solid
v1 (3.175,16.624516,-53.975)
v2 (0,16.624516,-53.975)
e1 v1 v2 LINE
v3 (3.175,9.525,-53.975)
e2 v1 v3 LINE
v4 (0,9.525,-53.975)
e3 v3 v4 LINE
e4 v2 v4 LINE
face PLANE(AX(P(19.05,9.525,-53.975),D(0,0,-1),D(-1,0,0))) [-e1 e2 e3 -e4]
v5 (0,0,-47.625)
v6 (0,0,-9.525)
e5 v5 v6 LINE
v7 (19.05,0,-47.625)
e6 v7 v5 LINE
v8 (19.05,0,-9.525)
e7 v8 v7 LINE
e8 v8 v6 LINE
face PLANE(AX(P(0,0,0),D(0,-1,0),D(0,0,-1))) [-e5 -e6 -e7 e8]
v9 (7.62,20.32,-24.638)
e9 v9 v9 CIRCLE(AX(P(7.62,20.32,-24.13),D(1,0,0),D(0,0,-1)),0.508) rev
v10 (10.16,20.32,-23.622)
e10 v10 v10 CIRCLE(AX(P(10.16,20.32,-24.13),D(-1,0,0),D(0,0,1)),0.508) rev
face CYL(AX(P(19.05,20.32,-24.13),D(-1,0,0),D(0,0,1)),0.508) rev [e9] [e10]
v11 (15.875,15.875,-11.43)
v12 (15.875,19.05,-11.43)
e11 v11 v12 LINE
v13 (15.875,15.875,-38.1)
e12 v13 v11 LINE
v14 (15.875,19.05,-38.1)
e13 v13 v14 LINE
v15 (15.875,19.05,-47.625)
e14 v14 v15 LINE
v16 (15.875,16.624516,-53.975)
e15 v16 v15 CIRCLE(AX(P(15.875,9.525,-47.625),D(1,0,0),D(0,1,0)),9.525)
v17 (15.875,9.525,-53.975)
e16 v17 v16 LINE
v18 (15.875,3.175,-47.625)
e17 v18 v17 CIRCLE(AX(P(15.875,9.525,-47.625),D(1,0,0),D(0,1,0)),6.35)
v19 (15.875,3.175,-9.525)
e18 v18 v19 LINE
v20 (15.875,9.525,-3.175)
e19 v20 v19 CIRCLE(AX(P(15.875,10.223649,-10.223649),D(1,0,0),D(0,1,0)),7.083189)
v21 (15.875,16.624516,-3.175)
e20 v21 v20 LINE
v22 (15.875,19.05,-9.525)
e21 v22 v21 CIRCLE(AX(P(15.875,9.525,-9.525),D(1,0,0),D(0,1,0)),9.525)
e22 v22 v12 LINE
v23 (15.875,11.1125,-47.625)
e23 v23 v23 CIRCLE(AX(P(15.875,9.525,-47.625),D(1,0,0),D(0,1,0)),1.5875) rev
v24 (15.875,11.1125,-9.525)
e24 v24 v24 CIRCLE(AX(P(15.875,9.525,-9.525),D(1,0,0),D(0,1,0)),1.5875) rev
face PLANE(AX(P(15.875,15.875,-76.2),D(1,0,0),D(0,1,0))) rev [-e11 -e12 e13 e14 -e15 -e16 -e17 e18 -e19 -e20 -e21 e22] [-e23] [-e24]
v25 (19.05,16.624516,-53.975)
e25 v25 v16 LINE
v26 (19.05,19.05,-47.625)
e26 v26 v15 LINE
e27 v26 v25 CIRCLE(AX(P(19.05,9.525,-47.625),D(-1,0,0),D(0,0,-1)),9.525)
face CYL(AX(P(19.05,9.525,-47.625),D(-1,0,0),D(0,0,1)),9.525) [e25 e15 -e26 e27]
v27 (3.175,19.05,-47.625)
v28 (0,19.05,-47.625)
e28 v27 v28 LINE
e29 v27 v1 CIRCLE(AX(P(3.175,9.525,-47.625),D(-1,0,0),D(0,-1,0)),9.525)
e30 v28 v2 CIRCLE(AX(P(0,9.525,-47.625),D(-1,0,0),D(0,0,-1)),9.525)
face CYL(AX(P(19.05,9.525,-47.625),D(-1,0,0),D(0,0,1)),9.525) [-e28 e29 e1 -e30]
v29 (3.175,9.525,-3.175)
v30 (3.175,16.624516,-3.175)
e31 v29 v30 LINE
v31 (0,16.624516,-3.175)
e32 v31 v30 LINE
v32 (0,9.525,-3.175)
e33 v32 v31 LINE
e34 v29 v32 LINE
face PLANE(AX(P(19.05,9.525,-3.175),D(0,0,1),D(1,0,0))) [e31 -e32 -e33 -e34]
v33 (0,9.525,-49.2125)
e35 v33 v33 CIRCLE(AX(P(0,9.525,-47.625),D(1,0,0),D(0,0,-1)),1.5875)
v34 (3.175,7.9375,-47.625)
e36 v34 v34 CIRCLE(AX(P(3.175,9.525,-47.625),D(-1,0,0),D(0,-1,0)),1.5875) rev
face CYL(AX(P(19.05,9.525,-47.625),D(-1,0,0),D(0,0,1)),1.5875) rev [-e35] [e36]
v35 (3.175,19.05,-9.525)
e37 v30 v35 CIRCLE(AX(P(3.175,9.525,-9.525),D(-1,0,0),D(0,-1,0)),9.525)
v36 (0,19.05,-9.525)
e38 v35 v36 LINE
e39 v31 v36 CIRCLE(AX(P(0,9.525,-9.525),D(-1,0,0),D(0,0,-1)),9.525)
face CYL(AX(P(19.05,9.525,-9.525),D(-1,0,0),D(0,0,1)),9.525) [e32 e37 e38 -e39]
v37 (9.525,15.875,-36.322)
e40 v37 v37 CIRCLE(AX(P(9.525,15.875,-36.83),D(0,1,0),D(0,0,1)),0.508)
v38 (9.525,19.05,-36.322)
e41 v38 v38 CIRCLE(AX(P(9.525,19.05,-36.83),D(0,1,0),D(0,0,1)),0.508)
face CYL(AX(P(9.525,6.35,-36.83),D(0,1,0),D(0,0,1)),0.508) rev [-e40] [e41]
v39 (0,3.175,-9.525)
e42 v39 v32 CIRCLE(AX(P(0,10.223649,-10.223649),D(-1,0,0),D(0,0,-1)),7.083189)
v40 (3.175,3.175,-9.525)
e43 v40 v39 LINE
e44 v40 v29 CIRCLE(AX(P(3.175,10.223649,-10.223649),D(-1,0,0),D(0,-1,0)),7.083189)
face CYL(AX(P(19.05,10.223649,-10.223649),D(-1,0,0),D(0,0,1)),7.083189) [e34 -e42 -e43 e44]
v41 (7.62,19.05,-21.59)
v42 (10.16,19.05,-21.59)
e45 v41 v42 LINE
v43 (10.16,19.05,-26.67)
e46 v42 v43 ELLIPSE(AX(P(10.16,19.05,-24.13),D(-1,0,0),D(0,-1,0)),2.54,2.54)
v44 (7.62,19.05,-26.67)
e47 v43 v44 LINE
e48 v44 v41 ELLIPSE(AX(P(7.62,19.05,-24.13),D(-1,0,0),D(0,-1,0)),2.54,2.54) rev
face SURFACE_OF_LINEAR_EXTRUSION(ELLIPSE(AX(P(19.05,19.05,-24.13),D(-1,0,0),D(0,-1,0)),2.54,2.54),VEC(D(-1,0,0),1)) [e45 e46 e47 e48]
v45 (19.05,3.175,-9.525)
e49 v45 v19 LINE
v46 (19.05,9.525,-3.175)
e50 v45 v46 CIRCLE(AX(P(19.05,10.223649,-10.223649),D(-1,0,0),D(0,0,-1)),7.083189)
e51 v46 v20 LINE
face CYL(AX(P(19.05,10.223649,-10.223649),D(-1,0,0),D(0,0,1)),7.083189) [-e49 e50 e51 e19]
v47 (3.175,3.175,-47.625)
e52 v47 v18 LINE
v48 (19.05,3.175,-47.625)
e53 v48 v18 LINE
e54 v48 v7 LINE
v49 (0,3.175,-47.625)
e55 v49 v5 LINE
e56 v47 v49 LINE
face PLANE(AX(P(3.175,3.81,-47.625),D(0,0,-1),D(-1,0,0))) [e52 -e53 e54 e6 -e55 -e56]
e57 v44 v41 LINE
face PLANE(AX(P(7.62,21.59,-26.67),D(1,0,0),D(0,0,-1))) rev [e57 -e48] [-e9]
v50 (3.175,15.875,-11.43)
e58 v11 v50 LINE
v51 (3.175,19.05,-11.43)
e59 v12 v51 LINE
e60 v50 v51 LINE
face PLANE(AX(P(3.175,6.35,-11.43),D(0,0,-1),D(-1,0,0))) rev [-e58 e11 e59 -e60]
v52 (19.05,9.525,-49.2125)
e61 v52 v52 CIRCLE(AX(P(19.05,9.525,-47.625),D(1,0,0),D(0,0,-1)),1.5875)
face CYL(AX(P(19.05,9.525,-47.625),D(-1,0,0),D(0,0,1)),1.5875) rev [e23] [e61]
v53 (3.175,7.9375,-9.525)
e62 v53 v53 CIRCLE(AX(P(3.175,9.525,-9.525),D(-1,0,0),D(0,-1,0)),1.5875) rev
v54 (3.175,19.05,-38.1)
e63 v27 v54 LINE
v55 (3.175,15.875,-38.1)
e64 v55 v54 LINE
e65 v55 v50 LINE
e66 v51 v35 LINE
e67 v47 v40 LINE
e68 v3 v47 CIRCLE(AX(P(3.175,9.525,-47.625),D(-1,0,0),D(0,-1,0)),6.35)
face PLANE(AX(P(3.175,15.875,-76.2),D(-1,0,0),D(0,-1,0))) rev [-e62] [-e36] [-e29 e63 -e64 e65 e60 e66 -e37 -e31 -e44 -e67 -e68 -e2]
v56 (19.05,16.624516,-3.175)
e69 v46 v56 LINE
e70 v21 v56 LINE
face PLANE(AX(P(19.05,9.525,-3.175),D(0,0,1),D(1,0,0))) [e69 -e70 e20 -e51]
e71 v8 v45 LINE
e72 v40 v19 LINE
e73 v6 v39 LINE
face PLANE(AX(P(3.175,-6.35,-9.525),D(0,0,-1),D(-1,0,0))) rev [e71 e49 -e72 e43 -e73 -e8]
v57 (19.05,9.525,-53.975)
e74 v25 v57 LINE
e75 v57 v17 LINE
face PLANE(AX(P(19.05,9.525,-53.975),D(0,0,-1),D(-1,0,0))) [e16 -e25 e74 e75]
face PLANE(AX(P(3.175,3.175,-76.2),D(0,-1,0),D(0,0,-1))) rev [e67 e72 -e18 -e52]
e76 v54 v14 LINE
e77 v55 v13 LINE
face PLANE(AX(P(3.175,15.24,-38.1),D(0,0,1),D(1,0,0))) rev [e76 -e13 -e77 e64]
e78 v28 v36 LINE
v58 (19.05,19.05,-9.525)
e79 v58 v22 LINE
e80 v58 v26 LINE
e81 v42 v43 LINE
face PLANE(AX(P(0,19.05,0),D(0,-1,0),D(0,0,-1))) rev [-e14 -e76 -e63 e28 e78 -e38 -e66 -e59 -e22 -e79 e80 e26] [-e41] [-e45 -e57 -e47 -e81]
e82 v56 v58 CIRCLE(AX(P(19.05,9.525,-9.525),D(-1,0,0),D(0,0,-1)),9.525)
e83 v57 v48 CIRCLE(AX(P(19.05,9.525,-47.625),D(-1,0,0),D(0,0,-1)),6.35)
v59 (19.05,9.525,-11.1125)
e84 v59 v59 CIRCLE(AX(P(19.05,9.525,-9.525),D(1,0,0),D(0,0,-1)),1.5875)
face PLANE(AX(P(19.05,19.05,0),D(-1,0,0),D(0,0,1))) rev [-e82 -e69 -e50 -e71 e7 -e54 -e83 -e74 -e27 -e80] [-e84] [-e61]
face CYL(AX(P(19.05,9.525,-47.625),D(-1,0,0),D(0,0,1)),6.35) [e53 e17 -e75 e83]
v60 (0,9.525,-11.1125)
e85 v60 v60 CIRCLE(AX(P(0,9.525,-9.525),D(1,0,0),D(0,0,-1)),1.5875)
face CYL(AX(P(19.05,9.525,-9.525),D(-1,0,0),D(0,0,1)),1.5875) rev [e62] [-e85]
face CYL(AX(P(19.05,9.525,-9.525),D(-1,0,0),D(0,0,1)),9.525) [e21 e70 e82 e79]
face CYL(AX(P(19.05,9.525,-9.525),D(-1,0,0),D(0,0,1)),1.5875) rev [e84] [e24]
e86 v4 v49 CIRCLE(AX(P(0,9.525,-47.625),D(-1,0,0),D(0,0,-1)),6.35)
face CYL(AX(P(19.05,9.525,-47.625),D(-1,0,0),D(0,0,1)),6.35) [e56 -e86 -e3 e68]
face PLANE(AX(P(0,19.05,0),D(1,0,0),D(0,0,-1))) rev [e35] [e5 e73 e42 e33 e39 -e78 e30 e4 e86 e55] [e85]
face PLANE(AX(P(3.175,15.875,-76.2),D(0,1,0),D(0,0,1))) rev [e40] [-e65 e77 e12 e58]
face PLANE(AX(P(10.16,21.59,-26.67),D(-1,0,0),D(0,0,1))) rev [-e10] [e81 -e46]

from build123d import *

# Parameters (mm, degrees)
SKETCH1_W           = 19.05
SKETCH1_H           = 57.15
BOSS_EXTRUDE1_DEPTH = 19.05
SKETCH2_W           = 12.7
SKETCH2_H           = 12.7
CUT_EXTRUDE1_DEPTH  = 76.2
SKETCH3_W           = 2.54
SKETCH3_H           = 5.08
BOSS_EXTRUDE2_DEPTH = 2.54
SKETCH4_R           = 0.508
SKETCH4_R_2         = 1.5875
CUT_EXTRUDE2_DEPTH  = 19.05
SKETCH7_R           = 0.508
CUT_EXTRUDE3_DEPTH  = 12.7
SKETCH8_W           = 12.7
SKETCH8_H           = 9.525
CUT_EXTRUDE4_DEPTH  = 25.4
SKETCH11_R          = 1.5875
CUT_EXTRUDE6_DEPTH  = 19.05
SKETCH12_W          = 12.7
SKETCH12_H          = 30.970960978
CUT_EXTRUDE7_DEPTH  = 3.81
SKETCH13_W          = 12.7
SKETCH13_H          = 19.463069007
CUT_EXTRUDE8_DEPTH  = 3.81
CUT_EXTRUDE9_DEPTH  = 19.05


with BuildPart() as part:
    # Sketch1 → Boss-Extrude1 (new body)
    with BuildSketch(Plane(origin=(0, 0, 0), x_dir=(1, 0, 0), z_dir=(0, 1, 0))):
        with Locations((9.525, 28.575)):
            Rectangle(SKETCH1_W, SKETCH1_H)
    extrude(amount=BOSS_EXTRUDE1_DEPTH)

    # Sketch2 → Cut-Extrude1 (cut)
    with BuildSketch(Plane.XY):
        with Locations((9.525, 9.525)):
            Rectangle(SKETCH2_W, SKETCH2_H)
    extrude(amount=-CUT_EXTRUDE1_DEPTH, mode=Mode.SUBTRACT)

    # Sketch3 → Boss-Extrude2 (add)
    with BuildSketch(Plane(origin=(0, 19.05, 0), x_dir=(1, 0, 0), z_dir=(0, 1, 0))):
        with Locations((8.89, 24.13)):
            Rectangle(SKETCH3_W, SKETCH3_H)
    extrude(amount=BOSS_EXTRUDE2_DEPTH)

    # Sketch4 → Cut-Extrude2 (cut)
    with BuildSketch(Plane(origin=(0, 0, 0), x_dir=(0, 0, -1), z_dir=(1, 0, 0))):
        with Locations((24.13, 20.32)):
            Circle(SKETCH4_R)
        with Locations((9.525, 9.525)):
            Circle(SKETCH4_R_2)
        with BuildLine():
            ThreePointArc((26.67, 19.05), (24.13, 24.78976855), (21.59, 19.05))
            add(Edge.make_bspline(
                [(26.67, 19.05), (26.67, 21.59), (24.13, 21.59), (21.59, 21.59), (21.59, 19.05)],
                knots=[3.141592654, 3.141592654, 3.141592654, 4.71238898, 4.71238898, 6.283185307, 6.283185307, 6.283185307], degree=2, weights=[1, 0.707106781, 1, 0.707106781, 1]))
        make_face()
        with BuildLine():
            ThreePointArc((9.525, 19.05), (0, 9.525), (9.525, 0))
            ThreePointArc((9.525, 0), (-29.420443119, 9.525), (9.525, 19.05))
        make_face()
    extrude(amount=CUT_EXTRUDE2_DEPTH, mode=Mode.SUBTRACT)

    # Sketch7 → Cut-Extrude3 (cut)
    with BuildSketch(Plane(origin=(0, 19.05, 0), x_dir=(1, 0, 0), z_dir=(0, 1, 0))):
        with Locations((9.525, 36.83)):
            Circle(SKETCH7_R)
        Polygon((3.175, 0), (3.175, 11.43), (6.35, 11.43), (12.7, 11.43), (15.875, 11.43), (15.875, 0), align=None)
    extrude(amount=-CUT_EXTRUDE3_DEPTH, mode=Mode.SUBTRACT)

    # Sketch8 → Cut-Extrude4 (cut)
    with BuildSketch(Plane(origin=(0, 19.05, 0), x_dir=(1, 0, 0), z_dir=(0, 1, 0))):
        with Locations((9.525, 4.7625)):
            Rectangle(SKETCH8_W, SKETCH8_H)
    extrude(amount=-CUT_EXTRUDE4_DEPTH, mode=Mode.SUBTRACT)

    # Sketch11 → Cut-Extrude6 (cut)
    with BuildSketch(Plane(origin=(0, 0, 0), x_dir=(0, 0, -1), z_dir=(1, 0, 0))):
        with Locations((47.625, 9.525)):
            Circle(SKETCH11_R)
        with BuildLine():
            ThreePointArc((47.625, 0), (57.15, 9.525), (47.625, 19.05))
            ThreePointArc((47.625, 19.05), (63.905355935, 9.525), (47.625, 0))
        make_face()
    extrude(amount=CUT_EXTRUDE6_DEPTH, mode=Mode.SUBTRACT)

    # Sketch12 → Cut-Extrude7 (cut)
    with BuildSketch(Plane(origin=(0, 19.05, 0), x_dir=(1, 0, 0), z_dir=(0, 1, 0))):
        with Locations((9.525, 53.585480489)):
            Rectangle(SKETCH12_W, SKETCH12_H)
    extrude(amount=-CUT_EXTRUDE7_DEPTH, mode=Mode.SUBTRACT)

    # Sketch13 → Cut-Extrude8 (cut)
    with BuildSketch(Plane(origin=(0, 0, 0), x_dir=(1, 0, 0), z_dir=(0, 1, 0))):
        with Locations((9.525, 57.356534504)):
            Rectangle(SKETCH13_W, SKETCH13_H)
    extrude(amount=CUT_EXTRUDE8_DEPTH, mode=Mode.SUBTRACT)

    # Sketch14 → Cut-Extrude9 (cut)
    with BuildSketch(Plane(origin=(0, 0, 0), x_dir=(0, 0, -1), z_dir=(1, 0, 0))):
        with BuildLine():
            Line((9.525, 0), (9.525, 3.175))
            ThreePointArc((9.525, 3.175), (5.21507822, 5.21507822), (3.175, 9.525))
            Line((3.175, 9.525), (3.175, 18.741336737))
            Line((3.175, 18.741336737), (-3.728591213, 9.978700773))
            Line((-3.728591213, 9.978700773), (-2.544461104, 0))
            Line((-2.544461104, 0), (9.525, 0))
        make_face()
        with BuildLine():
            Line((47.625, 0), (47.625, 3.175))
            ThreePointArc((47.625, 3.175), (52.115128061, 5.034871939), (53.975, 9.525))
            Line((53.975, 9.525), (53.975, 20.201145039))
            Line((53.975, 20.201145039), (59.422737854, 9.525))
            Line((59.422737854, 9.525), (58.062916797, -0.332636104))
            Line((58.062916797, -0.332636104), (47.625, 0))
        make_face()
    extrude(amount=CUT_EXTRUDE9_DEPTH, mode=Mode.SUBTRACT)


solid = part.part
